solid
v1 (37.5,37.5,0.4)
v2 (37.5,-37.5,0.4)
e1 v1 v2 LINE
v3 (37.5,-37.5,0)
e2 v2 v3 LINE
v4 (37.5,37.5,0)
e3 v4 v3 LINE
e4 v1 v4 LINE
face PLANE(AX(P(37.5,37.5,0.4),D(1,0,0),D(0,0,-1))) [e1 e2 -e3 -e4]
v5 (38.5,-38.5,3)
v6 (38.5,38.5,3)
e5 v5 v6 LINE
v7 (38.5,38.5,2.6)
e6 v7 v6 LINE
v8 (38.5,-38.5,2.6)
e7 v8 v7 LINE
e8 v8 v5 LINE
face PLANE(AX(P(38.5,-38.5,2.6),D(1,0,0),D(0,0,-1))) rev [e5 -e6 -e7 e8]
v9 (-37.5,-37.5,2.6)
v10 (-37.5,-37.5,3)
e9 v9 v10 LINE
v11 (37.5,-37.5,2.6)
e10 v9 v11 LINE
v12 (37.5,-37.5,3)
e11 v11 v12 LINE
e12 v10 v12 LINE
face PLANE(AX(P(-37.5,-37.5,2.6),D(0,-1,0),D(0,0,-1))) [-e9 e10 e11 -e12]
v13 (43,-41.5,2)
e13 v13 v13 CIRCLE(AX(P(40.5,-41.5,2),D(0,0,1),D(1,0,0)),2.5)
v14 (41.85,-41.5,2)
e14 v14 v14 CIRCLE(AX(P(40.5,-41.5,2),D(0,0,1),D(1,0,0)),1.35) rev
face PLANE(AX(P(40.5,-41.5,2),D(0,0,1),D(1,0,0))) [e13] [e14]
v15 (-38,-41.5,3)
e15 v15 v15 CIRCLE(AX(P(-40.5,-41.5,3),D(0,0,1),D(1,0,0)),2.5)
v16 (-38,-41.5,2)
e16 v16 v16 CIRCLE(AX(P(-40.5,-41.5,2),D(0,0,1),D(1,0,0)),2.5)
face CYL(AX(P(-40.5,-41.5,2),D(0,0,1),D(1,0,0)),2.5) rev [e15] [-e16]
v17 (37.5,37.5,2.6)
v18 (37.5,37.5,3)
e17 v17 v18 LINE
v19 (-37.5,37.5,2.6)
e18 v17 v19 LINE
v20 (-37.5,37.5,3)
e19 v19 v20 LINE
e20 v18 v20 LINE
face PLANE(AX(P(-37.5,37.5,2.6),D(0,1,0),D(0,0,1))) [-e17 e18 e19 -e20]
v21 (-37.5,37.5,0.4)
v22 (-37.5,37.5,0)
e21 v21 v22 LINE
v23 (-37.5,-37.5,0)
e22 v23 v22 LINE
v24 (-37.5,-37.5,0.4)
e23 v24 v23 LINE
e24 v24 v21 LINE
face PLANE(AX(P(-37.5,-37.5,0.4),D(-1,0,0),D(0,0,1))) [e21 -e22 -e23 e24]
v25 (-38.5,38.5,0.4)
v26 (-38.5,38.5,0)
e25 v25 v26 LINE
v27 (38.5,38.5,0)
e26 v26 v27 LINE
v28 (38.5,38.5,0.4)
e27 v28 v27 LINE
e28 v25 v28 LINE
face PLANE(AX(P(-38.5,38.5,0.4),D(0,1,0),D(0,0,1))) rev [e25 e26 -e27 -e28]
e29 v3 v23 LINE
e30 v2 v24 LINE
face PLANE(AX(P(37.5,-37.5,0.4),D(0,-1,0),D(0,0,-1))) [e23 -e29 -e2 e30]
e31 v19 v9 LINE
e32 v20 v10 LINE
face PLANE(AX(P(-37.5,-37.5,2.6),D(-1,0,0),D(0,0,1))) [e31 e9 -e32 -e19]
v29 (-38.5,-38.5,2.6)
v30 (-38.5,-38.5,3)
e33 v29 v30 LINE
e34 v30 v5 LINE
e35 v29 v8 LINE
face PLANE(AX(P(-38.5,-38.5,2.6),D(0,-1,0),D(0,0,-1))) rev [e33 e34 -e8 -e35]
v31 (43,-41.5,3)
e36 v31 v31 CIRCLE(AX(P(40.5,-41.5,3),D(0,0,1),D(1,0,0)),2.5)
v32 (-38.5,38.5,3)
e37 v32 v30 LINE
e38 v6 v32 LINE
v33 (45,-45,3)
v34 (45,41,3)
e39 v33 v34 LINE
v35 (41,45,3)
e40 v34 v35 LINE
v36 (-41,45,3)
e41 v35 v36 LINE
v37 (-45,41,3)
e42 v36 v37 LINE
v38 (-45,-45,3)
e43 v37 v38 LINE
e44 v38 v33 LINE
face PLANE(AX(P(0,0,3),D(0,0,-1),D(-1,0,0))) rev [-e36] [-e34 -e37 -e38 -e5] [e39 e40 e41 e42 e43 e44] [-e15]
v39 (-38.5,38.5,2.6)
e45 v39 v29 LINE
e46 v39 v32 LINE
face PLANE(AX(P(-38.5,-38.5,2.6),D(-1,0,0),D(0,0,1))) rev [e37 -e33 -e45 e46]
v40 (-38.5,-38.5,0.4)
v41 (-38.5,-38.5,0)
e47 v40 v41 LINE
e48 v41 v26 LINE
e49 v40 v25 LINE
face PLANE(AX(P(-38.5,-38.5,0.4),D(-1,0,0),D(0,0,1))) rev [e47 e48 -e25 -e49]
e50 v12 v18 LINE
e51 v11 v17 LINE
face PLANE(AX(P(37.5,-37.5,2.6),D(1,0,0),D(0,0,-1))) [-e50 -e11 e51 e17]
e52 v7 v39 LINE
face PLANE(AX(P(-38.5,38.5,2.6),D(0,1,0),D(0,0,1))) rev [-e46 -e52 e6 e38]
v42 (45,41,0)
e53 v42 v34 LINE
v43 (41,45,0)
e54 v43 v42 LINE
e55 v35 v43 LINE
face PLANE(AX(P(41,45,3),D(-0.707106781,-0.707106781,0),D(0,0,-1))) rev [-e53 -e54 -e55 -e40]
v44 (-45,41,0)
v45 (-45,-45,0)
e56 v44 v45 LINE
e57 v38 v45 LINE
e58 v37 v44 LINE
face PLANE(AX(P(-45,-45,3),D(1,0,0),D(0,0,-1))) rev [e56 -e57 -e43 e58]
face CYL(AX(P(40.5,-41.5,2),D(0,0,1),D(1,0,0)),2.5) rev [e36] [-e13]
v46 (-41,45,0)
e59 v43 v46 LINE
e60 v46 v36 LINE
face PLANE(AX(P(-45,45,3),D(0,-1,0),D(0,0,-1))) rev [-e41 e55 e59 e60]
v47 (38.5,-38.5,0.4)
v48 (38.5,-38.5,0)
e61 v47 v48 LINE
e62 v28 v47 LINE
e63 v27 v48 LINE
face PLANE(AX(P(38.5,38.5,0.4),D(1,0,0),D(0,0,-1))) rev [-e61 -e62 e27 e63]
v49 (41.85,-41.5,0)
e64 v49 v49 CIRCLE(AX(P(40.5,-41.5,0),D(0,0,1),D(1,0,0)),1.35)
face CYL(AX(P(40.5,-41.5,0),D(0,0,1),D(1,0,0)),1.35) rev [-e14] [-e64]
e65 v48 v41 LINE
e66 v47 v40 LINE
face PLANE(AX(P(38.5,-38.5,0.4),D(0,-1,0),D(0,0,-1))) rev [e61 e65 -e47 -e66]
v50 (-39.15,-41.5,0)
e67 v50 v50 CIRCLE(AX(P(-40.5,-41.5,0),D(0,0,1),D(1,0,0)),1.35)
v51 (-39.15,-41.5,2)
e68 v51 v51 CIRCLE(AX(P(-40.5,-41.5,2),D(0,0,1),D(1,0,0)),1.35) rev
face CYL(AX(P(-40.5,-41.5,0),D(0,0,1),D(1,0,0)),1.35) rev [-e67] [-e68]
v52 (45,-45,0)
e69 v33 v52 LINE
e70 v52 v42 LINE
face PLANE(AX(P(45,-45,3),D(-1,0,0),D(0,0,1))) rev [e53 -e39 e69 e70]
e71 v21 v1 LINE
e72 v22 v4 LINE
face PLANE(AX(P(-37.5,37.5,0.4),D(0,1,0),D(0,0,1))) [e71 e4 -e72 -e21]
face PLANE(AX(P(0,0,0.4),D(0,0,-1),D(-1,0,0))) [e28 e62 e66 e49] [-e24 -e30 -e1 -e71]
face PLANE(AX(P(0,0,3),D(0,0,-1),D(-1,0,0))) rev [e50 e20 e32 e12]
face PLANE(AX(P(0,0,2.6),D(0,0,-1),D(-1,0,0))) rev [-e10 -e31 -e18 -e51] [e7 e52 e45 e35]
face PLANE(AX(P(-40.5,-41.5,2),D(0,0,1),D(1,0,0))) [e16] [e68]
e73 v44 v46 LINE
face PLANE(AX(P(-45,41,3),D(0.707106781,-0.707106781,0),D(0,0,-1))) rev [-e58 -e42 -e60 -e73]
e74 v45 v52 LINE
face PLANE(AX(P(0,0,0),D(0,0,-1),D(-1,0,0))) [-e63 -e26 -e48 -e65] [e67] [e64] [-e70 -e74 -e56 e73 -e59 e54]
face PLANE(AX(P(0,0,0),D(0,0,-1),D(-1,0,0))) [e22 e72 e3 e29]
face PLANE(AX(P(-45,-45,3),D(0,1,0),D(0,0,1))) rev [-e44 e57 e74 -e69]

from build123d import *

# Parameters (mm, degrees)
SKETCH1_W           = 90
SKETCH1_H           = 90
BOSS_EXTRUDE1_DEPTH = 3
SKETCH2_R           = 1.35
CUT_EXTRUDE1_DEPTH  = 4
SKETCH3_W           = 77
SKETCH3_H           = 77
SKETCH3_W_2         = 75
SKETCH3_H_2         = 75
CUT_EXTRUDE2_DEPTH  = 0.4
SKETCH4_W           = 77
SKETCH4_H           = 77
SKETCH4_W_2         = 75
SKETCH4_H_2         = 75
CUT_EXTRUDE3_DEPTH  = 0.4
CHAMFER1_SIZE       = 4
SKETCH5_R           = 2.5
CUT_EXTRUDE4_DEPTH  = 1


with BuildPart() as part:
    # Sketch1 → Boss-Extrude1 (new body)
    with BuildSketch(Plane.XY):
        Rectangle(SKETCH1_W, SKETCH1_H)
    extrude(amount=BOSS_EXTRUDE1_DEPTH)

    # Sketch2 → Cut-Extrude1 (cut, through all)
    with BuildSketch(Plane.XY.offset(3)):
        with Locations((-40.5, -41.5)):
            Circle(SKETCH2_R)
        with Locations((40.5, -41.5)):
            Circle(SKETCH2_R)
    extrude(amount=-CUT_EXTRUDE1_DEPTH, mode=Mode.SUBTRACT)

    # Sketch3 → Cut-Extrude2 (cut)
    with BuildSketch(Plane.XY.offset(3)):
        Rectangle(SKETCH3_W, SKETCH3_H)
        Rectangle(SKETCH3_W_2, SKETCH3_H_2, mode=Mode.SUBTRACT)
    extrude(amount=-CUT_EXTRUDE2_DEPTH, mode=Mode.SUBTRACT)

    # Sketch4 → Cut-Extrude3 (cut)
    with BuildSketch(Plane(origin=(0, 0, 0), x_dir=(-1, 0, 0), z_dir=(0, 0, -1))):
        Rectangle(SKETCH4_W, SKETCH4_H)
        Rectangle(SKETCH4_W_2, SKETCH4_H_2, mode=Mode.SUBTRACT)
    extrude(amount=-CUT_EXTRUDE3_DEPTH, mode=Mode.SUBTRACT)

    # Chamfer1
    chamfer1_edges = [part.edges().sort_by_distance(p)[0] for p in [
        (-45, 45, 1.5),
        (45, 45, 1.5),
    ]]
    chamfer(chamfer1_edges, length=CHAMFER1_SIZE)

    # Sketch5 → Cut-Extrude4 (cut)
    with BuildSketch(Plane.XY.offset(3)):
        with Locations((-40.5, -41.5)):
            Circle(SKETCH5_R)
        with Locations((40.5, -41.5)):
            Circle(SKETCH5_R)
    extrude(amount=-CUT_EXTRUDE4_DEPTH, mode=Mode.SUBTRACT)


solid = part.part
